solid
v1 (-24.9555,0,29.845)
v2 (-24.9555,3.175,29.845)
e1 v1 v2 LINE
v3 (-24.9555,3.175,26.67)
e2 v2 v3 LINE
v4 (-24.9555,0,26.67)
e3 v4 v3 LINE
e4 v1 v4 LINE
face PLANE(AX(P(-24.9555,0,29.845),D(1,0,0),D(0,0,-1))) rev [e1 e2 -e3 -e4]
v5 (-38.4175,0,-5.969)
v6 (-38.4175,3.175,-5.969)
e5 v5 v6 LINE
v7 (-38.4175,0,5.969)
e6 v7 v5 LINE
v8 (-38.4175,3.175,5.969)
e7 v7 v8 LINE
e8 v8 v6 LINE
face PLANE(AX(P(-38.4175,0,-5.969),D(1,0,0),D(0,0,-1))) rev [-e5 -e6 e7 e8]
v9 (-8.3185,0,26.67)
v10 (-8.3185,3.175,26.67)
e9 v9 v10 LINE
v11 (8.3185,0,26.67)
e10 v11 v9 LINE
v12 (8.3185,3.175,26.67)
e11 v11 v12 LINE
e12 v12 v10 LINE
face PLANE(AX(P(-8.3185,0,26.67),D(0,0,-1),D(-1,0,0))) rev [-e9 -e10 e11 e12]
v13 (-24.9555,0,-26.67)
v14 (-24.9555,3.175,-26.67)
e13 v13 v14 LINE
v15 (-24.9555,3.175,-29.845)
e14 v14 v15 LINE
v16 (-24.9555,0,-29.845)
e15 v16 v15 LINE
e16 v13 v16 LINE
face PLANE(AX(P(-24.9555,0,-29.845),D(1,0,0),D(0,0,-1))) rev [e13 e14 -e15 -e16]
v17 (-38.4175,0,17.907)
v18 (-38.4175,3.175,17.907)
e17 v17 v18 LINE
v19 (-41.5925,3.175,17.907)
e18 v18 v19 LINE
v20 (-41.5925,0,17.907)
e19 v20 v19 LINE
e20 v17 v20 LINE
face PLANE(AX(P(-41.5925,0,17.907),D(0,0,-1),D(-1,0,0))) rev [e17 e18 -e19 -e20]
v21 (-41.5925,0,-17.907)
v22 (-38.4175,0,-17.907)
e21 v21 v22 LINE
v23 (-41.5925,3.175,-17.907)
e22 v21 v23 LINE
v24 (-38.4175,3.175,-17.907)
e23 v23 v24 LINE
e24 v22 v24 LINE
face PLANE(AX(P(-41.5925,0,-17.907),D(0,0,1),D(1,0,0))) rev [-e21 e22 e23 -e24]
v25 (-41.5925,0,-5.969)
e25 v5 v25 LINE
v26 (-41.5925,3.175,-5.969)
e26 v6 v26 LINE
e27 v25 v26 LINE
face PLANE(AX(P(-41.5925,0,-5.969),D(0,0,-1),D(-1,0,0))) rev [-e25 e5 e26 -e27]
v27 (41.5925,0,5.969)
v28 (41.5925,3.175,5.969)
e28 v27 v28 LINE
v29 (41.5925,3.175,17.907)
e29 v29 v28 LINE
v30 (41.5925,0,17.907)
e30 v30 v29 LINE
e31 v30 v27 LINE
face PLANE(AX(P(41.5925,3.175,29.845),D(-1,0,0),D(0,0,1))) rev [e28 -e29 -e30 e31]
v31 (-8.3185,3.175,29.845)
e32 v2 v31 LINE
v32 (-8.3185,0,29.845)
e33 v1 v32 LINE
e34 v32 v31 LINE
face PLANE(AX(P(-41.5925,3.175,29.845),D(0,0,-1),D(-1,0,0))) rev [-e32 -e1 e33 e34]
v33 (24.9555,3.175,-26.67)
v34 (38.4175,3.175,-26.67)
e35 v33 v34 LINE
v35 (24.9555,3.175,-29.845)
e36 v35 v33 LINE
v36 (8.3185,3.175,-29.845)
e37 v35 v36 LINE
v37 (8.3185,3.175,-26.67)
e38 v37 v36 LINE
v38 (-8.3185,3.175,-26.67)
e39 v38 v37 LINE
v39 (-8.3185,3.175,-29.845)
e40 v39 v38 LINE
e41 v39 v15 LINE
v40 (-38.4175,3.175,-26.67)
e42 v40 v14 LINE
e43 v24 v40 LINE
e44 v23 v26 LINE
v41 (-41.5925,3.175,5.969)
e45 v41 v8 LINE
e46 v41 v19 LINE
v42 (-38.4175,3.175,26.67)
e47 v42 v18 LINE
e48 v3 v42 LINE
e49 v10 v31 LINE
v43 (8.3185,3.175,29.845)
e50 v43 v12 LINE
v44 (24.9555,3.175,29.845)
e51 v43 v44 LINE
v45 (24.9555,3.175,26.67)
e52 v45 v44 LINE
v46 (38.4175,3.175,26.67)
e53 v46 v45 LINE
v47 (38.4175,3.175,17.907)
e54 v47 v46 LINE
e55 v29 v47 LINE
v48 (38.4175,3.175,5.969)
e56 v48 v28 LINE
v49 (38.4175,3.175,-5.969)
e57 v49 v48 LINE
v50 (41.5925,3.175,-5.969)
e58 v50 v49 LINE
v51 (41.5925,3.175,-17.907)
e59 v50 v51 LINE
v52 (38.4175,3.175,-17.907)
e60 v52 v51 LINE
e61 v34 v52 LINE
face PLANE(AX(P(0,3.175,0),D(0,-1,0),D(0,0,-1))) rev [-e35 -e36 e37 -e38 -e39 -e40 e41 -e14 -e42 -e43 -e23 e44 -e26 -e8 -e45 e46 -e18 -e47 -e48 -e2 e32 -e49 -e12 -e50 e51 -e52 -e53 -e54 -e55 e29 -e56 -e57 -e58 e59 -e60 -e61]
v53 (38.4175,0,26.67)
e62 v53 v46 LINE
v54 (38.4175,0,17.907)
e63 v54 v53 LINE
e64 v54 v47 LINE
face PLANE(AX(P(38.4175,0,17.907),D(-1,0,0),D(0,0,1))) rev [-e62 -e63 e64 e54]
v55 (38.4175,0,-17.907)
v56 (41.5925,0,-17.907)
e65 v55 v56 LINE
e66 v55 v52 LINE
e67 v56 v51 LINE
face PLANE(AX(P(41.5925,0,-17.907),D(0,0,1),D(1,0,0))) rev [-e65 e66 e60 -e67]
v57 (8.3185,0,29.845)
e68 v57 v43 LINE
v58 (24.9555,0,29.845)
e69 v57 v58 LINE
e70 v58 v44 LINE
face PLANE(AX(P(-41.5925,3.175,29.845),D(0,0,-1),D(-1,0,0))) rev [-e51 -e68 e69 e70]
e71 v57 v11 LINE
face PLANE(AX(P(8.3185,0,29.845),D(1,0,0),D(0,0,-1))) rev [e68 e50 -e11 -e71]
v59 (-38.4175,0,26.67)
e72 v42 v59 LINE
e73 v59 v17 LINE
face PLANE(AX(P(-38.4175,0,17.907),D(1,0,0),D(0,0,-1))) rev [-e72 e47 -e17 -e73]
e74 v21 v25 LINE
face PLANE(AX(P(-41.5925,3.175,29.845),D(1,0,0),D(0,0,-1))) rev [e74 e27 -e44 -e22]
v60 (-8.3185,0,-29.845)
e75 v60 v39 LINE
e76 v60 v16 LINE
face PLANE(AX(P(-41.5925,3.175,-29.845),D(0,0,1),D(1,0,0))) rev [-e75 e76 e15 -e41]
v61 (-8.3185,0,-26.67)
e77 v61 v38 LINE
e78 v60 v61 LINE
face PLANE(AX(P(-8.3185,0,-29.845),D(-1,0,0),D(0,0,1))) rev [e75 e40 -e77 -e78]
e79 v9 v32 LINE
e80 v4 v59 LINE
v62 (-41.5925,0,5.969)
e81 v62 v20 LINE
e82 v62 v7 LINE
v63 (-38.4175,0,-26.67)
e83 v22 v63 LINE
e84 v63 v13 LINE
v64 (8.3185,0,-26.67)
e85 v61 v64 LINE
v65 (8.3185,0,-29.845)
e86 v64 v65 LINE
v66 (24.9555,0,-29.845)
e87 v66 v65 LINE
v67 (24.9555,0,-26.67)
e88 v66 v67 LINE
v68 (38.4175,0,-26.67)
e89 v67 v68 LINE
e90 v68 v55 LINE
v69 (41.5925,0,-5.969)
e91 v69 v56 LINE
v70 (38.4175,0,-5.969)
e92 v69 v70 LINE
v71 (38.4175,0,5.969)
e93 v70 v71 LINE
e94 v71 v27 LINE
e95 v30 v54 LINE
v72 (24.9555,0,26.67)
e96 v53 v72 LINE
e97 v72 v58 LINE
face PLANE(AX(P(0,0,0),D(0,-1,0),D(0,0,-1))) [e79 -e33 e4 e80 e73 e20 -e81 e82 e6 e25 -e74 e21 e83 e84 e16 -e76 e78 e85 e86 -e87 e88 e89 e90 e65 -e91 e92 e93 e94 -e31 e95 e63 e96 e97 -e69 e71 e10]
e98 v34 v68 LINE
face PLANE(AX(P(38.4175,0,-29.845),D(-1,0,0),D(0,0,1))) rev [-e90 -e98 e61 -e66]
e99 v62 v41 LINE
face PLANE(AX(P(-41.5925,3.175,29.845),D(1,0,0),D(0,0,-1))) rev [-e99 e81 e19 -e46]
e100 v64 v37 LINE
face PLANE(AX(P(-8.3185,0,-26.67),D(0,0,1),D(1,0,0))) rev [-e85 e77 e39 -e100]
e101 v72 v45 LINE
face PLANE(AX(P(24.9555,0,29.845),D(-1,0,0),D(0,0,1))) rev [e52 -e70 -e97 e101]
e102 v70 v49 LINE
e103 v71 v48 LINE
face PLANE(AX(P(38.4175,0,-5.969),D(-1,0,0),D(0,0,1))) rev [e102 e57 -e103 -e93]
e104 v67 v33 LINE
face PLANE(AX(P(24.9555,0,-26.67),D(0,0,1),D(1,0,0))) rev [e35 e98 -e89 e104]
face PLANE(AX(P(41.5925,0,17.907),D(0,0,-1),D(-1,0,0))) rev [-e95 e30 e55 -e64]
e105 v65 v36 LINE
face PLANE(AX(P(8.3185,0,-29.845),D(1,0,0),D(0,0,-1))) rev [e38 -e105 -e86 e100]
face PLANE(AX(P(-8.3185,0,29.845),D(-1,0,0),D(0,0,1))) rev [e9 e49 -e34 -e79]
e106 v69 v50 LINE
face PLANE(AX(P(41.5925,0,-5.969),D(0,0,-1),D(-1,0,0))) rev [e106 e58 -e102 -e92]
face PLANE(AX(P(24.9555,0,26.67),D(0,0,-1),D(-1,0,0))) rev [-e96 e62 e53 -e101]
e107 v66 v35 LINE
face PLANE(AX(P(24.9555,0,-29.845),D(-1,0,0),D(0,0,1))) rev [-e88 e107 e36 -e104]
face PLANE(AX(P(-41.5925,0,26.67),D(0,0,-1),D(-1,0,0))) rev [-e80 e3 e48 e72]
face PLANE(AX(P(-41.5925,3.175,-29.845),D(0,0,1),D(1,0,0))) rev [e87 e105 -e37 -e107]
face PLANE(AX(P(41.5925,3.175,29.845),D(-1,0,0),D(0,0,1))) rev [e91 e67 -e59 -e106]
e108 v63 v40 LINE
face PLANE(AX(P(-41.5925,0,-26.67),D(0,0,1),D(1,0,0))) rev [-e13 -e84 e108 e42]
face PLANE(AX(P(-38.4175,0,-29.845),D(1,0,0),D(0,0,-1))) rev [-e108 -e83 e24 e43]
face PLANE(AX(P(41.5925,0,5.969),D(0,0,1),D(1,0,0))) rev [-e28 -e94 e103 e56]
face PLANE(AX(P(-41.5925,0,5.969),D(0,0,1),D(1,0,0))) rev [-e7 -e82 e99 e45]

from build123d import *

# Parameters (mm, degrees)
SKETCH1_W           = 83.185
SKETCH1_H           = 59.69
BOSS_EXTRUDE1_DEPTH = 3.175
SKETCH2_W           = 16.637
SKETCH2_H           = 3.175
CUT_EXTRUDE1_DEPTH  = 3.175
LPATTERN1_COUNT     = 3
LPATTERN1_PITCH     = 33.274
SKETCH3_W           = 3.175
SKETCH3_H           = 11.938
CUT_EXTRUDE2_DEPTH  = 3.175
LPATTERN4_COUNT     = 3
LPATTERN4_PITCH     = 23.876


with BuildPart() as part:
    # Sketch1 → Boss-Extrude1 (new body)
    with BuildSketch(Plane(origin=(0, 0, 0), x_dir=(1, 0, 0), z_dir=(0, 1, 0))):
        Rectangle(SKETCH1_W, SKETCH1_H)
    extrude(amount=BOSS_EXTRUDE1_DEPTH)

    # Sketch2 → Cut-Extrude1 (cut)
    with BuildSketch(Plane(origin=(0, 3.175, 0), x_dir=(1, 0, 0), z_dir=(0, 1, 0))):
        with Locations((-33.274, 28.2575)):
            Rectangle(SKETCH2_W, SKETCH2_H)
        with Locations((-33.274, -28.2575)):
            Rectangle(SKETCH2_W, SKETCH2_H)
    cut_extrude1 = extrude(amount=-CUT_EXTRUDE1_DEPTH, mode=Mode.SUBTRACT)

    # LPattern1: Cut-Extrude1 ×3
    with Locations(*[(i * LPATTERN1_PITCH, 0, 0) for i in range(1, LPATTERN1_COUNT)]):
        add(cut_extrude1, mode=Mode.SUBTRACT)

    # Sketch3 → Cut-Extrude2 (cut)
    with BuildSketch(Plane(origin=(0, 3.175, 0), x_dir=(1, 0, 0), z_dir=(0, 1, 0))):
        with Locations((-40.005, 23.876)):
            Rectangle(SKETCH3_W, SKETCH3_H)
        with Locations((40.005, 23.876)):
            Rectangle(SKETCH3_W, SKETCH3_H)
    cut_extrude2 = extrude(amount=-CUT_EXTRUDE2_DEPTH, mode=Mode.SUBTRACT)

    # LPattern4: Cut-Extrude2 ×3
    with Locations(*[(0, 0, i * LPATTERN4_PITCH) for i in range(1, LPATTERN4_COUNT)]):
        add(cut_extrude2, mode=Mode.SUBTRACT)


solid = part.part
